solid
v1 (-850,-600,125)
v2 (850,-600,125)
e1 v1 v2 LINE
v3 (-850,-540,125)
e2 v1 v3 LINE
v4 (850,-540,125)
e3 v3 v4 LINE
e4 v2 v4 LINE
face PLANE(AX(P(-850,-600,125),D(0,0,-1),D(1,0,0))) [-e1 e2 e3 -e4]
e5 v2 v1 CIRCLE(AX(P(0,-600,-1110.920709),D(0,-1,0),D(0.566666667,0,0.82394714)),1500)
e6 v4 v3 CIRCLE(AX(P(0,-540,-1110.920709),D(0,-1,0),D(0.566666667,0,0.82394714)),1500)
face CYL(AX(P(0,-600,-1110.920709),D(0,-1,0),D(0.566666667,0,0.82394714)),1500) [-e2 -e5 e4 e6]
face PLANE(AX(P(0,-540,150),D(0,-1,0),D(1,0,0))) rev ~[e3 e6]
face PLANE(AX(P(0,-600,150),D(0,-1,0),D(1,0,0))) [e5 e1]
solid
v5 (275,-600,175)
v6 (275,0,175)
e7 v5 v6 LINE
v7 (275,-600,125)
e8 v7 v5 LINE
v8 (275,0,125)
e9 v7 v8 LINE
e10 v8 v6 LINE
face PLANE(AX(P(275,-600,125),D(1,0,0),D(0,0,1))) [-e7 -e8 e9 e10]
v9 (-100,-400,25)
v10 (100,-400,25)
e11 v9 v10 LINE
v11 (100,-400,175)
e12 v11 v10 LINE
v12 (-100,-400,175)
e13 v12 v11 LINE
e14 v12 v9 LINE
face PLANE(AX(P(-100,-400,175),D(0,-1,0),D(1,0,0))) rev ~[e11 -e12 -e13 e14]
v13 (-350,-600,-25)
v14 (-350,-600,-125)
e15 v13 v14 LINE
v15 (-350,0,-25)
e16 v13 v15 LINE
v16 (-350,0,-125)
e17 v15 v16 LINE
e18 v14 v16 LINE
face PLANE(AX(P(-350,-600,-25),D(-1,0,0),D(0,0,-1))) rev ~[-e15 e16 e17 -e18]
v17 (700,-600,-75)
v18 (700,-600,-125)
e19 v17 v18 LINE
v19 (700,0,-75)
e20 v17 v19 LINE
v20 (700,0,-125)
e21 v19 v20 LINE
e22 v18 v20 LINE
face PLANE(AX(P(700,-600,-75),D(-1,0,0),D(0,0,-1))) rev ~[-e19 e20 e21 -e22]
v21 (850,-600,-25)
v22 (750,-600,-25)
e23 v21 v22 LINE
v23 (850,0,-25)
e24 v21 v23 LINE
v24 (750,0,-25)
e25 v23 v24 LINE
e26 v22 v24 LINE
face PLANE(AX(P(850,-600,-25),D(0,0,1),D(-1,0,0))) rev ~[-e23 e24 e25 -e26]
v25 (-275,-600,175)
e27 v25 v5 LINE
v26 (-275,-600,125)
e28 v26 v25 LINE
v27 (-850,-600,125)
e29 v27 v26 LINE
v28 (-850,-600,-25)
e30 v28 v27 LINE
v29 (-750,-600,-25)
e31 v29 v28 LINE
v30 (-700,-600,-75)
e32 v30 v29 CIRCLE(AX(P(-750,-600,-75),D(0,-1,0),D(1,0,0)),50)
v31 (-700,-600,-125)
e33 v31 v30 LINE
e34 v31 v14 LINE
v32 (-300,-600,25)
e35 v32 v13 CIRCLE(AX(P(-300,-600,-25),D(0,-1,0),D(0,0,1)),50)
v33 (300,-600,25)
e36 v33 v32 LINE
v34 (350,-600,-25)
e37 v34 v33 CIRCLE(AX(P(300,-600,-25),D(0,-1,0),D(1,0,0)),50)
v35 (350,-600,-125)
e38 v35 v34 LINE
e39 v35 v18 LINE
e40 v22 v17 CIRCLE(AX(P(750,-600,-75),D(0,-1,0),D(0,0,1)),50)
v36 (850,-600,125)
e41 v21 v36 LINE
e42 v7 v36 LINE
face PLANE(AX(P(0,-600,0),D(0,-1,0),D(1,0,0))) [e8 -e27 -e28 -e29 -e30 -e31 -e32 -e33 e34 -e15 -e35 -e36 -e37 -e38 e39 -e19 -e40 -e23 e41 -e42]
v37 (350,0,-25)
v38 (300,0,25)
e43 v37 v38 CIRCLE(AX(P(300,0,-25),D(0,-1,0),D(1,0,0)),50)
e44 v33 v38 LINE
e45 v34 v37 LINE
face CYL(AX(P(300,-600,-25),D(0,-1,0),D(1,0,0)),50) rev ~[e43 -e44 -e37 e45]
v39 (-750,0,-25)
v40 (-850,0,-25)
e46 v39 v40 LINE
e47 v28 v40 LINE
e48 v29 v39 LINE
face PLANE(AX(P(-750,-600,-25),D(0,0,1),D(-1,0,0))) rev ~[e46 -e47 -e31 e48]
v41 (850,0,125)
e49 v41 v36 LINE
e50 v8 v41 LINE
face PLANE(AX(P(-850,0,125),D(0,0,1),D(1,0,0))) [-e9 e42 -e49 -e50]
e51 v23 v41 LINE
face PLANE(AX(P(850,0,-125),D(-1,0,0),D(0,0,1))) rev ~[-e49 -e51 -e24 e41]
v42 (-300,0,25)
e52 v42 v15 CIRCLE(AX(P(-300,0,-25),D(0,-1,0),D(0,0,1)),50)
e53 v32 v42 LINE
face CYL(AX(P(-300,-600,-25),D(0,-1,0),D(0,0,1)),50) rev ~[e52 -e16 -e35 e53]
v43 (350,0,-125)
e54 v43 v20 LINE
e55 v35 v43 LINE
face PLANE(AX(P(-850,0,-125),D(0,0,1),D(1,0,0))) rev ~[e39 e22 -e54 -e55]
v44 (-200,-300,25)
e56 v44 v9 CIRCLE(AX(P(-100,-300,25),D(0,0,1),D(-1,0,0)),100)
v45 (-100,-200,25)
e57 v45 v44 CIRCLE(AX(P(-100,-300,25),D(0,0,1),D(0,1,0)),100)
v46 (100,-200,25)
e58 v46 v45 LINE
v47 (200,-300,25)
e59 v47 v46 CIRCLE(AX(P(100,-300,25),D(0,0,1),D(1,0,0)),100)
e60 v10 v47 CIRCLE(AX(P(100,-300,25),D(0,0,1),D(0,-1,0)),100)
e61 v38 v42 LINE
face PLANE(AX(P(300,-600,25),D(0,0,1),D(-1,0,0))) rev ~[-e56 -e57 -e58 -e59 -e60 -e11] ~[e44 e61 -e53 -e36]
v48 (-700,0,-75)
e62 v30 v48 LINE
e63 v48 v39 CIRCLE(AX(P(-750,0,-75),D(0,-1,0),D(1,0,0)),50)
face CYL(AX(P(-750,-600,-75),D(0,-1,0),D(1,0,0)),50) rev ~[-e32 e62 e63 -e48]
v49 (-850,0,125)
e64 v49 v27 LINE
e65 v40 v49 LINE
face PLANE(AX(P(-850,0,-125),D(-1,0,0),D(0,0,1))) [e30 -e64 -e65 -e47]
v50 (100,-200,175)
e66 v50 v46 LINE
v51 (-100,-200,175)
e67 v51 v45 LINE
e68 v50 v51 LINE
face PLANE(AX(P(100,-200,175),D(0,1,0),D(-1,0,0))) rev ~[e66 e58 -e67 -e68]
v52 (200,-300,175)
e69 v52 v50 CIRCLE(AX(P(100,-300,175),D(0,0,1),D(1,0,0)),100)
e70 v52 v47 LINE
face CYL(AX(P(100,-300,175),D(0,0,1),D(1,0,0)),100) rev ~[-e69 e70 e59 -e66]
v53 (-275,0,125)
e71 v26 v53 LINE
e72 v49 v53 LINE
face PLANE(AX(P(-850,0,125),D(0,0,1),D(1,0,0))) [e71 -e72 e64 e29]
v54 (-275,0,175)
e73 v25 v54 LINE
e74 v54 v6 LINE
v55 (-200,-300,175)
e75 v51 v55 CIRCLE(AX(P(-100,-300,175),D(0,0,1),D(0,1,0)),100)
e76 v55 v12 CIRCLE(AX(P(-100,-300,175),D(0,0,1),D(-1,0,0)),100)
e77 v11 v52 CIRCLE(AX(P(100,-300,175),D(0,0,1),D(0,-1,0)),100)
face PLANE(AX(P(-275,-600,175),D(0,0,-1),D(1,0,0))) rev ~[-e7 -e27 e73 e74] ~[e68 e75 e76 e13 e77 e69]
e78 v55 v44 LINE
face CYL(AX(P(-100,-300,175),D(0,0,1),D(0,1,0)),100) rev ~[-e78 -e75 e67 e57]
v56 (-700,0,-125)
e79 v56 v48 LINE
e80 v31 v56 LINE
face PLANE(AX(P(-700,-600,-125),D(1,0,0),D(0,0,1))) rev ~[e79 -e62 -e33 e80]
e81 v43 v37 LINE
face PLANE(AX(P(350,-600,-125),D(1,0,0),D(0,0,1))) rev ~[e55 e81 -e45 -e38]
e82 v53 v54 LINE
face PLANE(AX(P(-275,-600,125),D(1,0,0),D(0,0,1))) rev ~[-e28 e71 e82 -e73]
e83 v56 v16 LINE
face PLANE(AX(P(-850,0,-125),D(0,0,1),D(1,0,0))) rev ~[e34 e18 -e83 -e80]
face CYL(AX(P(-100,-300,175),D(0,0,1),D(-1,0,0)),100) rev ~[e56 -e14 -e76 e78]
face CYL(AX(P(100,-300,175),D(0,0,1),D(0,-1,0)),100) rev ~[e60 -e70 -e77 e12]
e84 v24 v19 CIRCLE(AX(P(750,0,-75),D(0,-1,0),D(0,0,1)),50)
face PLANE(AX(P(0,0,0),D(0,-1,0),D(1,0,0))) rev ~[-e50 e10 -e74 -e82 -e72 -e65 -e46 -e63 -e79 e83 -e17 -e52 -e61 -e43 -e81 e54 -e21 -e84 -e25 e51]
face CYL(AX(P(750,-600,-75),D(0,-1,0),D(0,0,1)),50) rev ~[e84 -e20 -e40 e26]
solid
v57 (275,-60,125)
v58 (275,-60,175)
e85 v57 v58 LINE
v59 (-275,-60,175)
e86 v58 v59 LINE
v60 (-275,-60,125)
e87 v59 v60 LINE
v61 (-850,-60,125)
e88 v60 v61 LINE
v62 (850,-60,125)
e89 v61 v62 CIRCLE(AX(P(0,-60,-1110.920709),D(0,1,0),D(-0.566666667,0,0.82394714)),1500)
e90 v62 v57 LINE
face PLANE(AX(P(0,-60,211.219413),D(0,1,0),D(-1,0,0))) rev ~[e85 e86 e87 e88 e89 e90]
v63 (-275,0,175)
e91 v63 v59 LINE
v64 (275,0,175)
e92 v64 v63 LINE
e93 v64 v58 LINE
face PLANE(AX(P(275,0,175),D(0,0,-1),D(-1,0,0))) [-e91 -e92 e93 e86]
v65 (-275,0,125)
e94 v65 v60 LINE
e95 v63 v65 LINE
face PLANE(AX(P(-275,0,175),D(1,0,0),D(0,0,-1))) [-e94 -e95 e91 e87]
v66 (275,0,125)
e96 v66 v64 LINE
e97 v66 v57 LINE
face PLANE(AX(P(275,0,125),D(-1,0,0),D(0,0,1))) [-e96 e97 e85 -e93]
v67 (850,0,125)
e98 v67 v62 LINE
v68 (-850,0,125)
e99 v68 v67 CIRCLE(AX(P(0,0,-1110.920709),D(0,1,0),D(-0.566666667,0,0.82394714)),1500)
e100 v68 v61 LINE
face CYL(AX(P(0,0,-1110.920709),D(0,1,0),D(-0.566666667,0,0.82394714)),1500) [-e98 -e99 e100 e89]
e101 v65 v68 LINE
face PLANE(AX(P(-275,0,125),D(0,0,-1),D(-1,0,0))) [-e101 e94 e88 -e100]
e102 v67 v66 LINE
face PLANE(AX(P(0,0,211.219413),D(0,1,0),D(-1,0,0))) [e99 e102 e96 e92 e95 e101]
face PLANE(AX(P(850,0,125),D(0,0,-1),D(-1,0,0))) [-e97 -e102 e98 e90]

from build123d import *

# Parameters (mm, degrees)
F0_W      = 1700
F0_H      = 250
F1_DEPTH  = 600
F3_DEPTH  = 600.001
F4_W      = 550
F4_H      = 50
F5_DEPTH  = 600
F7_DEPTH  = 300.001
F8_W      = 550
F8_H      = 50
F9_DEPTH  = 60
F11_DEPTH = 60


with BuildPart() as f1:
    # F0 (on Front) → F1 (new body)
    with BuildSketch(Plane.XZ):
        Rectangle(F0_W, F0_H)
    extrude(amount=F1_DEPTH)

    # F2 (on face) → F3 (cut, through all)
    with BuildSketch(Plane.XZ.offset(600)):
        with BuildLine():
            ThreePointArc((350, -25), (335.3553390593, 10.3553390593), (300, 25))
            Line((300, 25), (-300, 25))
            ThreePointArc((-300, 25), (-335.3553390593, 10.3553390593), (-350, -25))
            Line((-350, -25), (-350, -125))
            Line((-350, -125), (350, -125))
            Line((350, -125), (350, -25))
        make_face()
        with BuildLine():
            Line((-700, -125), (-700, -75))
            ThreePointArc((-700, -75), (-714.6446609407, -39.6446609407), (-750, -25))
            Line((-750, -25), (-850, -25))
            Line((-850, -25), (-850, -125))
            Line((-850, -125), (-700, -125))
        make_face()
        with BuildLine():
            Line((700, -75), (700, -125))
            Line((700, -125), (850, -125))
            Line((850, -125), (850, -25))
            Line((850, -25), (750, -25))
            ThreePointArc((750, -25), (714.6446609407, -39.6446609407), (700, -75))
        make_face()
    extrude(amount=-F3_DEPTH, mode=Mode.SUBTRACT)

    # F4 (on face) → F5 (join)
    with BuildSketch(Plane.XZ.offset(600)):
        with Locations((0, 150)):
            Rectangle(F4_W, F4_H)
    extrude(amount=-F5_DEPTH)

    # F6 (on face) → F7 (cut, through all)
    with BuildSketch(Plane.XY.offset(175)):
        with BuildLine():
            ThreePointArc((200, -300), (170.7106781187, -229.2893218813), (100, -200))
            Line((100, -200), (-100, -200))
            ThreePointArc((-100, -200), (-170.7106781187, -229.2893218813), (-200, -300))
            ThreePointArc((-200, -300), (-170.7106781187, -370.7106781187), (-100, -400))
            Line((-100, -400), (100, -400))
            ThreePointArc((100, -400), (170.7106781187, -370.7106781187), (200, -300))
        make_face()
    extrude(amount=-F7_DEPTH, mode=Mode.SUBTRACT)


with BuildPart() as f9:
    # F8 (on face) → F9 (new body)
    with BuildSketch(Plane.XZ.offset(600)):
        with Locations((0, 150)):
            Rectangle(F8_W, F8_H)
        with BuildLine():
            Line((275, 125), (850, 125))
            ThreePointArc((850, 125), (0, 389.0792905692), (-850, 125))
            Line((-850, 125), (-275, 125))
            Line((-275, 125), (-275, 175))
            Line((-275, 175), (275, 175))
            Line((275, 175), (275, 125))
        make_face()
    extrude(amount=-F9_DEPTH)


with BuildPart() as f11:
    # F10 (on face) → F11 (new body)
    with BuildSketch(Plane(origin=(0, 0, 0), x_dir=(-1, 0, 0), z_dir=(0, 1, 0))):
        with BuildLine():
            Line((275, 125), (850, 125))
            ThreePointArc((850, 125), (0, 389.0792905692), (-850, 125))
            Line((-850, 125), (-275, 125))
            Line((-275, 125), (-275, 175))
            Line((-275, 175), (275, 175))
            Line((275, 175), (275, 125))
        make_face()
    extrude(amount=-F11_DEPTH)


solid = Compound([f1.part, f9.part, f11.part])
